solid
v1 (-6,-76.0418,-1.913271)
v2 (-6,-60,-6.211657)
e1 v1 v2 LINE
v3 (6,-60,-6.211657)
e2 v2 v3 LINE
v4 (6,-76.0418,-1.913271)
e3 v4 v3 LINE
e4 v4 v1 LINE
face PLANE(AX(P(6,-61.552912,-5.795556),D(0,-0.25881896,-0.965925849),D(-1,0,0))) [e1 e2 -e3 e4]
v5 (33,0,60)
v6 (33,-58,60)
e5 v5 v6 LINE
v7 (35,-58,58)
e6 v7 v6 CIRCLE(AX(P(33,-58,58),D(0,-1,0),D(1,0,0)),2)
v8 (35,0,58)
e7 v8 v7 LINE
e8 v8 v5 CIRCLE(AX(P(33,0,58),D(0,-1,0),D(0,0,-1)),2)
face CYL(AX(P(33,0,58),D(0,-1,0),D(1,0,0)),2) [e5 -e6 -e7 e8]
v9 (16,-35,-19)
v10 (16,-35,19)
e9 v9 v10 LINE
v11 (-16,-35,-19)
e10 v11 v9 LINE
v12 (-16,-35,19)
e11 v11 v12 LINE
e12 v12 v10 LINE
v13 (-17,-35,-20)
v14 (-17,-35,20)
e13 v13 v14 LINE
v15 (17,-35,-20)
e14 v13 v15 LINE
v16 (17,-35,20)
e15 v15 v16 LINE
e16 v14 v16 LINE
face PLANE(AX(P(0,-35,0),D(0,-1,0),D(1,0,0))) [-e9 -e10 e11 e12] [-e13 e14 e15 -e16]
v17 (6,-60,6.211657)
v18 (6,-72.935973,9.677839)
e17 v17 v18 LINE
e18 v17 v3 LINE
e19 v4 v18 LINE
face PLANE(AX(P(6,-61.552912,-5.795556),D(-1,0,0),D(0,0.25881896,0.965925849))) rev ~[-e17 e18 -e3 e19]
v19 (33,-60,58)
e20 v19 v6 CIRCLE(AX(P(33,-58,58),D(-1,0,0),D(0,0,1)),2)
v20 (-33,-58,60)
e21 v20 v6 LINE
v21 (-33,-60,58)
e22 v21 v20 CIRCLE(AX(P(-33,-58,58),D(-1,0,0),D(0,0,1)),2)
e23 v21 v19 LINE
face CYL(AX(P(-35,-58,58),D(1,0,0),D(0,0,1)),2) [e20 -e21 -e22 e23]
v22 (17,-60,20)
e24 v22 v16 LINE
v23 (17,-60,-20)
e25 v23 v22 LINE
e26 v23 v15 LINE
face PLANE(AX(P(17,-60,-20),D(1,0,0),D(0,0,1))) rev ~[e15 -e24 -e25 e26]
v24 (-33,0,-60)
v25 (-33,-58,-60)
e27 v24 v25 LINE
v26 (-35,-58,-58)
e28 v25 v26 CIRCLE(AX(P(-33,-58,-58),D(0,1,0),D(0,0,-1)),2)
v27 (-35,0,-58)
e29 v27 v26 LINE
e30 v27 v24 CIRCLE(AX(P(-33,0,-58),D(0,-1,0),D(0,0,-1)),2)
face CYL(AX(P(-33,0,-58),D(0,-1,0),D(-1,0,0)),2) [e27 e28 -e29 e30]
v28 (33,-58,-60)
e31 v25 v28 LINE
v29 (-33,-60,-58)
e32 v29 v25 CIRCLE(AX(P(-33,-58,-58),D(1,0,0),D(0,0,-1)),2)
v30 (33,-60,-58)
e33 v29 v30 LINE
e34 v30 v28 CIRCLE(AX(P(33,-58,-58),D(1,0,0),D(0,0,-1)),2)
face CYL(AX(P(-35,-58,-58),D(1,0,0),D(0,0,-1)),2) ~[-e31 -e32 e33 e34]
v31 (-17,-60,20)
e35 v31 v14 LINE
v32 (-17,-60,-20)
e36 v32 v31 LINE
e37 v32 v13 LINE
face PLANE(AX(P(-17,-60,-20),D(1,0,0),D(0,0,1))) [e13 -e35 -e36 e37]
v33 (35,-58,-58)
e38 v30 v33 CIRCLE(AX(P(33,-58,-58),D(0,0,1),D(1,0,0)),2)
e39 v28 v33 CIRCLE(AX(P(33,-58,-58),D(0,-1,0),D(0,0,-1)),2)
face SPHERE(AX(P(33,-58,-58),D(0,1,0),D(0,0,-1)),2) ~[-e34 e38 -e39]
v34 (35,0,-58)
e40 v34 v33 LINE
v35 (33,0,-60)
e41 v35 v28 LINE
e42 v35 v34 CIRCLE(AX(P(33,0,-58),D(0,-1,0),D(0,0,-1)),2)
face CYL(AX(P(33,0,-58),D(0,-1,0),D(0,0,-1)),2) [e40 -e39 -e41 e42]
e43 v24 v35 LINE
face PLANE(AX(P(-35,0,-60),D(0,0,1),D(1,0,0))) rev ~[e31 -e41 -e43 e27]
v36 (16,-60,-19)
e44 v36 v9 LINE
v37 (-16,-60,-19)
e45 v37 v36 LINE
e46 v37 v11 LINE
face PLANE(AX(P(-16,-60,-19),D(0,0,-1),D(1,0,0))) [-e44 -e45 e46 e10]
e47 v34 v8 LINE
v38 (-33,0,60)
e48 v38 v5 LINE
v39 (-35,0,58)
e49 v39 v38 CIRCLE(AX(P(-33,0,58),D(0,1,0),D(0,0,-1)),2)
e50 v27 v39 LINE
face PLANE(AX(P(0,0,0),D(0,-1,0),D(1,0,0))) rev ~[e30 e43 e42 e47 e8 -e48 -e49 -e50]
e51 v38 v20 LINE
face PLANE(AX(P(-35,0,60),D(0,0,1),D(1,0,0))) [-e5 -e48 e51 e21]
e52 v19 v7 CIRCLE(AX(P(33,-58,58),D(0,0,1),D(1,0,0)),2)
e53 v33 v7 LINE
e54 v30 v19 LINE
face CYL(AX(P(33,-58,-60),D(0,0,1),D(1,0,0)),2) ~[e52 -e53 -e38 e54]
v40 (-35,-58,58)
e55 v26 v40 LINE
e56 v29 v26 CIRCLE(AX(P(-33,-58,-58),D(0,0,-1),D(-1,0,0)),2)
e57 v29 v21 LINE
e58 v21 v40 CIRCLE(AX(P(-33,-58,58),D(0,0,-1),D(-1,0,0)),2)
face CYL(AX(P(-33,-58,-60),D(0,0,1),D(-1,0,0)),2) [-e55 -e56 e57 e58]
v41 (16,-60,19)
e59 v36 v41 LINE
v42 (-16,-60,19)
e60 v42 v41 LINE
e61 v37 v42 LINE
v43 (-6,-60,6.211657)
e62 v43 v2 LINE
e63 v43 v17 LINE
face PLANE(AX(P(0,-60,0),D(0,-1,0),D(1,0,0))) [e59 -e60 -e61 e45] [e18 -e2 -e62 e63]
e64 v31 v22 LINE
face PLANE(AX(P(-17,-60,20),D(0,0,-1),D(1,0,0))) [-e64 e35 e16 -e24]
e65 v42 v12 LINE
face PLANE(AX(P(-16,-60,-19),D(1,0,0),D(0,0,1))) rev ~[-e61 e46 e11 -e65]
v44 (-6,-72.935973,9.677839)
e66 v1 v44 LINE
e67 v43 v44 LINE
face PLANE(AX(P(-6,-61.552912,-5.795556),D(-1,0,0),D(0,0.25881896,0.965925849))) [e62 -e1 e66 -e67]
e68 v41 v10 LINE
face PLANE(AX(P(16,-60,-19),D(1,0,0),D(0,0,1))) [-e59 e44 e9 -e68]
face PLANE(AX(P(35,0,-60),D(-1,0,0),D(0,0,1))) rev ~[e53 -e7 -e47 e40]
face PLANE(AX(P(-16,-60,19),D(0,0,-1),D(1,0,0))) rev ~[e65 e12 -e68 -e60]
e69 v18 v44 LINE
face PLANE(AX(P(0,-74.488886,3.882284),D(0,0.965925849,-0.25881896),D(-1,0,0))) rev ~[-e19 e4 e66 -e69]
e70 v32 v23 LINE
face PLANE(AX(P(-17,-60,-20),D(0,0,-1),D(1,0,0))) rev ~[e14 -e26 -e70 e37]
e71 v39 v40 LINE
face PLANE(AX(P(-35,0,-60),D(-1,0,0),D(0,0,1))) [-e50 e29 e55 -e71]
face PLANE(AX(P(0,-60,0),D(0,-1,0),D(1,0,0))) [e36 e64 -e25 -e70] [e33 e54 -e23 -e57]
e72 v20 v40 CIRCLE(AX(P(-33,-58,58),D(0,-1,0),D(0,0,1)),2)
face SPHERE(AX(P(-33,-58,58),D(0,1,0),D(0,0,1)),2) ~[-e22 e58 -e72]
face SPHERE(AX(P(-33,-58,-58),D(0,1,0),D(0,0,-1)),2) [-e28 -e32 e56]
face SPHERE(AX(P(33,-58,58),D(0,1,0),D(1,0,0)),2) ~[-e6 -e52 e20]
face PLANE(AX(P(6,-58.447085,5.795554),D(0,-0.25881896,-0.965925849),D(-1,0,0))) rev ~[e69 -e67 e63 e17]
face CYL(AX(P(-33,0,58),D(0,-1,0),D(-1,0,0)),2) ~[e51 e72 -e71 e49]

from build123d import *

# Parameters (mm, degrees)
F0_W     = 70
F0_H     = 120
F1_DEPTH = 60
F2_R     = 2
F3_W     = 34
F3_H     = 40
F3_W_2   = 32
F3_H_2   = 38
F4_DEPTH = 25
F7_W     = 12
F7_H     = 12
F8_DEPTH = 15


with BuildPart() as f1:
    # F0 (on Front) → F1 (new body)
    with BuildSketch(Plane.XZ):
        Rectangle(F0_W, F0_H)
    extrude(amount=F1_DEPTH)

    # F2
    f2_edges = [f1.edges().sort_by_distance(p)[0] for p in [
        (35, -30, 60),
        (35, -30, -60),
        (-35, -30, 60),
        (-35, -30, -60),
        (0, -60, -60),
        (35, -60, 0),
        (0, -60, 60),
        (-35, -60, 0),
    ]]
    fillet(f2_edges, radius=F2_R)

    # F3 (on face) → F4 (cut)
    with BuildSketch(Plane.XZ.offset(60)):
        Rectangle(F3_W, F3_H)
        Rectangle(F3_W_2, F3_H_2, mode=Mode.SUBTRACT)
    extrude(amount=-F4_DEPTH, mode=Mode.SUBTRACT)

    # F7 (on face) → F8 (join, symmetric)
    with BuildSketch(Plane(origin=(0, -55.980762, 15), x_dir=(-1, 0, 0), z_dir=(0, 0.965926, -0.258819))):
        with Locations((0, -15.529143)):
            Rectangle(F7_W, F7_H)
    extrude(amount=F8_DEPTH, both=True)


solid = f1.part
